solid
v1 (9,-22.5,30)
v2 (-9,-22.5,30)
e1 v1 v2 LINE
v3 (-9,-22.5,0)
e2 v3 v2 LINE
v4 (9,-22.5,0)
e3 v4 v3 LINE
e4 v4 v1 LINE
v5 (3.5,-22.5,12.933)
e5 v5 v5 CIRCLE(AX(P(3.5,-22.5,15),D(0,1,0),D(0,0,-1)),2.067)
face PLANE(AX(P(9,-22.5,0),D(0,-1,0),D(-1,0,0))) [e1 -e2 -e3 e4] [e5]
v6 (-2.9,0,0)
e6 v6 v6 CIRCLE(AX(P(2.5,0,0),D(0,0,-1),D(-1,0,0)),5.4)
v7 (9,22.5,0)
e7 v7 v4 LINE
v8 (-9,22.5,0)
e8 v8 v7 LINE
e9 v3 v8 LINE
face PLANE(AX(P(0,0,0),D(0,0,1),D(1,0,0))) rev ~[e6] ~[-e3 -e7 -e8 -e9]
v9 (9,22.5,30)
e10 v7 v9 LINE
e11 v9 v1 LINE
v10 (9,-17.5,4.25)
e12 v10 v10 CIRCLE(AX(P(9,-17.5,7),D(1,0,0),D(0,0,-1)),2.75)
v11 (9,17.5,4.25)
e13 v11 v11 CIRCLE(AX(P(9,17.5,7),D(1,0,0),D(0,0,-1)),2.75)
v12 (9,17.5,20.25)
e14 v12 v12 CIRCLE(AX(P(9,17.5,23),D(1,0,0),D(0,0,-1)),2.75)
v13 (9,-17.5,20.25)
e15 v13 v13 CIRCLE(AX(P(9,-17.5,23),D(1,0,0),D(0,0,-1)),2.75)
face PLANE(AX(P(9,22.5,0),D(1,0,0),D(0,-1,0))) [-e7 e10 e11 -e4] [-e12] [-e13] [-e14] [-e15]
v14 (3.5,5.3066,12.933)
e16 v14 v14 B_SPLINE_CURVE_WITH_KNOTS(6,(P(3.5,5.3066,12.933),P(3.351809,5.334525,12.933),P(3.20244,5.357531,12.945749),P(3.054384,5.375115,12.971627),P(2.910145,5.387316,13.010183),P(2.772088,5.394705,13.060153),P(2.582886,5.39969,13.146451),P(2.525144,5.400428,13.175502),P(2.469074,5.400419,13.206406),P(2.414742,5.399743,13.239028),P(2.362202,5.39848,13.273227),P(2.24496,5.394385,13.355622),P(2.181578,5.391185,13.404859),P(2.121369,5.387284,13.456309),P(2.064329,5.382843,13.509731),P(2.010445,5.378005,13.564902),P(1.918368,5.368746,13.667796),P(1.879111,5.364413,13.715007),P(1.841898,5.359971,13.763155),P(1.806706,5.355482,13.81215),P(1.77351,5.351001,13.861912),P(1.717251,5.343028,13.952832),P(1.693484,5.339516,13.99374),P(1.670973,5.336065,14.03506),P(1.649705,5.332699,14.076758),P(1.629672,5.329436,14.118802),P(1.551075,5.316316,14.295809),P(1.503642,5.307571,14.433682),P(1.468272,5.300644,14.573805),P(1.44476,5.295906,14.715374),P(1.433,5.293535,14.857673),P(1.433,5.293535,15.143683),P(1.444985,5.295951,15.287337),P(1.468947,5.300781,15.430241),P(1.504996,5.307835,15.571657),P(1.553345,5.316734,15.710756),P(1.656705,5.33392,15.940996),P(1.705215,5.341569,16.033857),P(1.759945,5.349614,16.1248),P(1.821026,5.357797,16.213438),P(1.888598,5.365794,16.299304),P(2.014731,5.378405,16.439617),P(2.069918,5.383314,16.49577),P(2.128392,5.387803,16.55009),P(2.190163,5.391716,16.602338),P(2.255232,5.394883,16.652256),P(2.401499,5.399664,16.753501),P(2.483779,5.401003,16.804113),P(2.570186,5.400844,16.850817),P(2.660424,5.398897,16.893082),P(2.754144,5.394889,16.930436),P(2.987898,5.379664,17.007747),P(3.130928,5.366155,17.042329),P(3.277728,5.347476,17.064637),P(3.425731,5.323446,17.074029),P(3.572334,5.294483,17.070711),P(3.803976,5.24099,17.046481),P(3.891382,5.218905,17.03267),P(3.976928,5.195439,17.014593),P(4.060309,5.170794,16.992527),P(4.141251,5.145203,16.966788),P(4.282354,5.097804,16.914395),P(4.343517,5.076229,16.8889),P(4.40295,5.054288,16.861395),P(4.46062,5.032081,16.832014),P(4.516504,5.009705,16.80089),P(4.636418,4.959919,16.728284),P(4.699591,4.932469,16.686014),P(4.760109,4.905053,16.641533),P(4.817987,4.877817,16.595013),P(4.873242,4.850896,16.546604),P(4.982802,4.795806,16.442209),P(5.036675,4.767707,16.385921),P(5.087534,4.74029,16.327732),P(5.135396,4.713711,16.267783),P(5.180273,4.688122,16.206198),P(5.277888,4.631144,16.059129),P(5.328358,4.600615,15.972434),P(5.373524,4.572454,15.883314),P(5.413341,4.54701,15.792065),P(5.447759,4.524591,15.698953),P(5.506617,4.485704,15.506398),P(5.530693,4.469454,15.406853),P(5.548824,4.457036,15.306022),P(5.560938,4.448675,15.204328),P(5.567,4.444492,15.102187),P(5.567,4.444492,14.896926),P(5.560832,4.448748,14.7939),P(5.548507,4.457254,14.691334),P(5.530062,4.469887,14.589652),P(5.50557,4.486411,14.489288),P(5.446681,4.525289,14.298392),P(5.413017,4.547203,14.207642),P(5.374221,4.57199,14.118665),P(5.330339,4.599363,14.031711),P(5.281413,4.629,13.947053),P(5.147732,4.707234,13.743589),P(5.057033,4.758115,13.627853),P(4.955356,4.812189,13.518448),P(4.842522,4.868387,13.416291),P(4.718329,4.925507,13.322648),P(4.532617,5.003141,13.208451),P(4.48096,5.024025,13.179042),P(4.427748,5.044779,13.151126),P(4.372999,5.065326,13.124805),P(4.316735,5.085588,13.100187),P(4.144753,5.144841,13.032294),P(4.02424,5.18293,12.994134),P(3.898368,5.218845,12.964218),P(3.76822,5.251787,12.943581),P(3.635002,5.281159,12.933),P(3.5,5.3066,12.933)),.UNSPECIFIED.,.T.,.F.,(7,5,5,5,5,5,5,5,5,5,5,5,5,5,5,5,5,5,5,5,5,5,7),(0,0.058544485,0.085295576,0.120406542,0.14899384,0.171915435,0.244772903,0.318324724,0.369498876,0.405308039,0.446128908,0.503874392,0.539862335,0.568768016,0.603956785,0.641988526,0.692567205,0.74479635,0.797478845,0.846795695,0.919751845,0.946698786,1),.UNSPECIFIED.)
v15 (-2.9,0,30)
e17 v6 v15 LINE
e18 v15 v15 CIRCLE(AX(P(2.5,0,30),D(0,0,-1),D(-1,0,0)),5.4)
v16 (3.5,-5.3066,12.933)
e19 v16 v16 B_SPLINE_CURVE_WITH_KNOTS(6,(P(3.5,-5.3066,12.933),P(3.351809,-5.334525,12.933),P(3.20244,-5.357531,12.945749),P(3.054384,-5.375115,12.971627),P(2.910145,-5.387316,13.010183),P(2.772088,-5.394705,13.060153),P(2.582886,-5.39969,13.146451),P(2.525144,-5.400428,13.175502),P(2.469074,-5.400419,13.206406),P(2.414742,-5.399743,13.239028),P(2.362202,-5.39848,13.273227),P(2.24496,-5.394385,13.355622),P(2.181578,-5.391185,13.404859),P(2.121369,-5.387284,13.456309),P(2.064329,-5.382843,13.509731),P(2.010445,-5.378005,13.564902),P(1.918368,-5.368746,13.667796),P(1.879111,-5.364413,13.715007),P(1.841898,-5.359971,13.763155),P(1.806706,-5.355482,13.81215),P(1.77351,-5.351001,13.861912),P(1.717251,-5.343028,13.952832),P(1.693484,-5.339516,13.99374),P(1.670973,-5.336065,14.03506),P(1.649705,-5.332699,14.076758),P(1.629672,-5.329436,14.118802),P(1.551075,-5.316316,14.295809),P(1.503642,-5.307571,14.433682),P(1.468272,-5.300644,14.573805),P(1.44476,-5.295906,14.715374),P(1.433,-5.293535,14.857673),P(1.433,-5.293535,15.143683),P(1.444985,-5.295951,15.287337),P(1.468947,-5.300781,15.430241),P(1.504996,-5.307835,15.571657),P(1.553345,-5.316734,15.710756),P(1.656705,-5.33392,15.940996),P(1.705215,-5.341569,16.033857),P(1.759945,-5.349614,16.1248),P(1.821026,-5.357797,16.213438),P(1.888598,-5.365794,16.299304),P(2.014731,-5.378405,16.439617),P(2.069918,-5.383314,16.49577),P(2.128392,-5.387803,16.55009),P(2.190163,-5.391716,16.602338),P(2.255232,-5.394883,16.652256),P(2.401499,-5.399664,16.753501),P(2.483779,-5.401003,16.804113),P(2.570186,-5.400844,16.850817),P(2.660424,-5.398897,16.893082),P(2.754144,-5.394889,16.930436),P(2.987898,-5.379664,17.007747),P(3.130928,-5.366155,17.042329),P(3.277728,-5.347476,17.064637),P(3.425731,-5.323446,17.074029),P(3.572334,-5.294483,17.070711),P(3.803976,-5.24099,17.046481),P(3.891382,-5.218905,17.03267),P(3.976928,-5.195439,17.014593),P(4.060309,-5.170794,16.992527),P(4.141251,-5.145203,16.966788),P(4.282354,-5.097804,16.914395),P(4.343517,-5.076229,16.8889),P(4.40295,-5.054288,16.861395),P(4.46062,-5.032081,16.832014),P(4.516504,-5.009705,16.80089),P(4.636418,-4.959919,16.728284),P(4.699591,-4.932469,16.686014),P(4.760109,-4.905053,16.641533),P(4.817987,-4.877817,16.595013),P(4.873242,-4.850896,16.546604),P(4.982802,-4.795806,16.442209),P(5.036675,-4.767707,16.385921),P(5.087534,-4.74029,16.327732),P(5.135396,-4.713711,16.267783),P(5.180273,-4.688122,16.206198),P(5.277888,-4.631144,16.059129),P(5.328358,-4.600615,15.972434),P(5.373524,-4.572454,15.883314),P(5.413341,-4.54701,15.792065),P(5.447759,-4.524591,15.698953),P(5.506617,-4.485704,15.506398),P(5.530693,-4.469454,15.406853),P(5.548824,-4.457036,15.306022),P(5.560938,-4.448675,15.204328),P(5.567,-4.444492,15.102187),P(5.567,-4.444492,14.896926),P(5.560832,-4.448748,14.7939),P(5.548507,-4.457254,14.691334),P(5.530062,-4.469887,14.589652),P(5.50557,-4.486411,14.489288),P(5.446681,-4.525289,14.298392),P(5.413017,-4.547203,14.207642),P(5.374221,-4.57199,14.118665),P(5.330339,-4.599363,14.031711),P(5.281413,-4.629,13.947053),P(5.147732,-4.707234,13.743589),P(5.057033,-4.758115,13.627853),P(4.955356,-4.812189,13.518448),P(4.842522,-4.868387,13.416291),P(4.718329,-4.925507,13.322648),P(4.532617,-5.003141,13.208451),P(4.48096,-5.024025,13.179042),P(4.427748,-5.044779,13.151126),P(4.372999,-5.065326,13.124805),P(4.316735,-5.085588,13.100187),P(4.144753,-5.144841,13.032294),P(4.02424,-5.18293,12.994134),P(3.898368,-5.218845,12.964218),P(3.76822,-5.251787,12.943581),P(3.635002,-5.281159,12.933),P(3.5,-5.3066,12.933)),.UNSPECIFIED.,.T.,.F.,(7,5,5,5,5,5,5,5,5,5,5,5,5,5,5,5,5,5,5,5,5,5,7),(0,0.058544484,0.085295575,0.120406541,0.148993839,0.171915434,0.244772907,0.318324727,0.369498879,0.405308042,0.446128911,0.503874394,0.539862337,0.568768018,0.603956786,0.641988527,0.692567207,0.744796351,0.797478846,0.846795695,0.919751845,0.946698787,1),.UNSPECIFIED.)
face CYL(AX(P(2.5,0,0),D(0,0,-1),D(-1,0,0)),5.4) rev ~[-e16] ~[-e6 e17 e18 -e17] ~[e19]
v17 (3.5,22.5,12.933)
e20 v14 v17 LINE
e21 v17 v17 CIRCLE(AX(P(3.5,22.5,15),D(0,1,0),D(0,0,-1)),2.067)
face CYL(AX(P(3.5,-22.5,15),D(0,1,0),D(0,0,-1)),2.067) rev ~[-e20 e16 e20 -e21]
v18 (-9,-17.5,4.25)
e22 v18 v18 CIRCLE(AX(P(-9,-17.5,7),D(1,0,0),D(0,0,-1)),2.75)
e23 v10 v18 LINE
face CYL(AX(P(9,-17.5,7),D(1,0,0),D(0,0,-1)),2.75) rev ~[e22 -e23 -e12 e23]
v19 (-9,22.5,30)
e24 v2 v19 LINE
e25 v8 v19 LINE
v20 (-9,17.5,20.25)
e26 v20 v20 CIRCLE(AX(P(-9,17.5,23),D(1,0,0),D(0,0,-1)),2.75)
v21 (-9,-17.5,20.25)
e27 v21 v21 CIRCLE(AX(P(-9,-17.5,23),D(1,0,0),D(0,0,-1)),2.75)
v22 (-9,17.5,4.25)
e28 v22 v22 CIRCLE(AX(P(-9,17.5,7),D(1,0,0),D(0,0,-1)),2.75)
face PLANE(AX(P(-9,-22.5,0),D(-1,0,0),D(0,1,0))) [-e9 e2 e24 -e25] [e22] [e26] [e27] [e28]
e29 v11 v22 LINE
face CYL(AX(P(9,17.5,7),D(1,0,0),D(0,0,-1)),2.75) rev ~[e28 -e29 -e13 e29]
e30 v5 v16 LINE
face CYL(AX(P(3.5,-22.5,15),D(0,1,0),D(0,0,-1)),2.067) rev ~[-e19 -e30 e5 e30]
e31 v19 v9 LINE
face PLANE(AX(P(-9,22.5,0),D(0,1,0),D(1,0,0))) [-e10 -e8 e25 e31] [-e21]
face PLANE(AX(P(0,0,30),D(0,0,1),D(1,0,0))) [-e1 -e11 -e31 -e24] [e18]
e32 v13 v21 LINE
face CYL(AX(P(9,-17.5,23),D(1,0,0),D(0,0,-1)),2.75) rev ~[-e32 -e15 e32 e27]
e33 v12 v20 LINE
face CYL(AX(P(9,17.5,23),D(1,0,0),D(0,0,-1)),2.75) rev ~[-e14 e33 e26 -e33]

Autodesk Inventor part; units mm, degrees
ref_plane "YZ Plane" through (0, 0, 0) normal (1, 0, 0) x (0, 1, 0)
ref_plane "XZ Plane" through (0, 0, 0) normal (0, 1, 0) x (-1, 0, 0)
ref_plane "XY Plane" through (0, 0, 0) normal (0, 0, 1) x (1, 0, 0)
sketch "Sketch1" plane through (0, 0, 0) normal (0, 0, 1) x (1, 0, 0)
  line L0 (-9, 22.5) -> (9, 22.5)
  line L1 (9, 22.5) -> (9, -22.5)
  line L2 (9, -22.5) -> (-9, -22.5)
  line L3 (-9, -22.5) -> (-9, 22.5)
  point P0 (0, 0)
  point P1 (0, 22.5)
  point P2 (-9, 0)
  dimension "d0" = 18
  dimension "d1" = 45
extrude "Extrusion1" add sketch "Sketch1" along normal blind 30
sketch "Sketch3" plane through (0, 0, 0) normal (0, 0, -1) x (-1, 0, 0)
  circle A0 centre (-2.5, 0) radius 5.4
  line L0 (-9, -22.5) -> (-9, 22.5) projected
  point P0 (-9, 0)
  dimension "d4" = 10.8
  dimension "d5" = 6.5
extrude "Extrusion2" cut sketch "Sketch3" against normal through all
sketch "Sketch4" plane through (9, -22.5, 0) normal (1, 0, 0) x (0, 0, -1)
  circle A0 centre (-7, 40) radius 2.75
  circle A1 centre (-7, 5) radius 2.75
  line L0 (0, 0) -> (0, 45) projected
  line L1 (0, 45) -> (-30, 45) projected
  line L2 (0, 0) -> (-30, 0) projected
  circle A2 centre (-23, 40) radius 2.75
  circle A3 centre (-23, 5) radius 2.75
  line L3 (-30, 0) -> (-30, 45) projected
  point P0 (0, 22.5)
  dimension "d8" = 5.5
  dimension "d9" = 5.5
  dimension "d10" = 7
  dimension "d11" = 5
  dimension "d12" = 5
  dimension "d13" = 7
  dimension "d16" = 35
  dimension "d17" = 16
extrude "Extrusion3" cut sketch "Sketch4" against normal through all contours A1
pattern_linear "Rectangular Pattern1" count 2 spacing 16 along (0, 0, 1) count 2 spacing 35 along (0, 1, 0) of "Extrusion3"
sketch "Sketch5" plane through (-9, -22.5, 0) normal (0, -1, 0) x (1, 0, 0)
  line L0 (0, 0) -> (0, 30) projected
  line L1 (0, 0) -> (18, 0) projected
  point P0 (12.5, 15)
  point P1 (0, 15)
  point P2 (9, 0)
  dimension "d38" = 12.5
hole "Hole1" at (3.5, -22.5, 15) direction (0, 1, 0) diameter 4.134 end through all thread size "M5x0.8" class "6H" standard "ISO Metric profile"
equation "\"d13\" = d10"
properties part number "0005-10-015 suport tija" material "Wood (Maple)"
